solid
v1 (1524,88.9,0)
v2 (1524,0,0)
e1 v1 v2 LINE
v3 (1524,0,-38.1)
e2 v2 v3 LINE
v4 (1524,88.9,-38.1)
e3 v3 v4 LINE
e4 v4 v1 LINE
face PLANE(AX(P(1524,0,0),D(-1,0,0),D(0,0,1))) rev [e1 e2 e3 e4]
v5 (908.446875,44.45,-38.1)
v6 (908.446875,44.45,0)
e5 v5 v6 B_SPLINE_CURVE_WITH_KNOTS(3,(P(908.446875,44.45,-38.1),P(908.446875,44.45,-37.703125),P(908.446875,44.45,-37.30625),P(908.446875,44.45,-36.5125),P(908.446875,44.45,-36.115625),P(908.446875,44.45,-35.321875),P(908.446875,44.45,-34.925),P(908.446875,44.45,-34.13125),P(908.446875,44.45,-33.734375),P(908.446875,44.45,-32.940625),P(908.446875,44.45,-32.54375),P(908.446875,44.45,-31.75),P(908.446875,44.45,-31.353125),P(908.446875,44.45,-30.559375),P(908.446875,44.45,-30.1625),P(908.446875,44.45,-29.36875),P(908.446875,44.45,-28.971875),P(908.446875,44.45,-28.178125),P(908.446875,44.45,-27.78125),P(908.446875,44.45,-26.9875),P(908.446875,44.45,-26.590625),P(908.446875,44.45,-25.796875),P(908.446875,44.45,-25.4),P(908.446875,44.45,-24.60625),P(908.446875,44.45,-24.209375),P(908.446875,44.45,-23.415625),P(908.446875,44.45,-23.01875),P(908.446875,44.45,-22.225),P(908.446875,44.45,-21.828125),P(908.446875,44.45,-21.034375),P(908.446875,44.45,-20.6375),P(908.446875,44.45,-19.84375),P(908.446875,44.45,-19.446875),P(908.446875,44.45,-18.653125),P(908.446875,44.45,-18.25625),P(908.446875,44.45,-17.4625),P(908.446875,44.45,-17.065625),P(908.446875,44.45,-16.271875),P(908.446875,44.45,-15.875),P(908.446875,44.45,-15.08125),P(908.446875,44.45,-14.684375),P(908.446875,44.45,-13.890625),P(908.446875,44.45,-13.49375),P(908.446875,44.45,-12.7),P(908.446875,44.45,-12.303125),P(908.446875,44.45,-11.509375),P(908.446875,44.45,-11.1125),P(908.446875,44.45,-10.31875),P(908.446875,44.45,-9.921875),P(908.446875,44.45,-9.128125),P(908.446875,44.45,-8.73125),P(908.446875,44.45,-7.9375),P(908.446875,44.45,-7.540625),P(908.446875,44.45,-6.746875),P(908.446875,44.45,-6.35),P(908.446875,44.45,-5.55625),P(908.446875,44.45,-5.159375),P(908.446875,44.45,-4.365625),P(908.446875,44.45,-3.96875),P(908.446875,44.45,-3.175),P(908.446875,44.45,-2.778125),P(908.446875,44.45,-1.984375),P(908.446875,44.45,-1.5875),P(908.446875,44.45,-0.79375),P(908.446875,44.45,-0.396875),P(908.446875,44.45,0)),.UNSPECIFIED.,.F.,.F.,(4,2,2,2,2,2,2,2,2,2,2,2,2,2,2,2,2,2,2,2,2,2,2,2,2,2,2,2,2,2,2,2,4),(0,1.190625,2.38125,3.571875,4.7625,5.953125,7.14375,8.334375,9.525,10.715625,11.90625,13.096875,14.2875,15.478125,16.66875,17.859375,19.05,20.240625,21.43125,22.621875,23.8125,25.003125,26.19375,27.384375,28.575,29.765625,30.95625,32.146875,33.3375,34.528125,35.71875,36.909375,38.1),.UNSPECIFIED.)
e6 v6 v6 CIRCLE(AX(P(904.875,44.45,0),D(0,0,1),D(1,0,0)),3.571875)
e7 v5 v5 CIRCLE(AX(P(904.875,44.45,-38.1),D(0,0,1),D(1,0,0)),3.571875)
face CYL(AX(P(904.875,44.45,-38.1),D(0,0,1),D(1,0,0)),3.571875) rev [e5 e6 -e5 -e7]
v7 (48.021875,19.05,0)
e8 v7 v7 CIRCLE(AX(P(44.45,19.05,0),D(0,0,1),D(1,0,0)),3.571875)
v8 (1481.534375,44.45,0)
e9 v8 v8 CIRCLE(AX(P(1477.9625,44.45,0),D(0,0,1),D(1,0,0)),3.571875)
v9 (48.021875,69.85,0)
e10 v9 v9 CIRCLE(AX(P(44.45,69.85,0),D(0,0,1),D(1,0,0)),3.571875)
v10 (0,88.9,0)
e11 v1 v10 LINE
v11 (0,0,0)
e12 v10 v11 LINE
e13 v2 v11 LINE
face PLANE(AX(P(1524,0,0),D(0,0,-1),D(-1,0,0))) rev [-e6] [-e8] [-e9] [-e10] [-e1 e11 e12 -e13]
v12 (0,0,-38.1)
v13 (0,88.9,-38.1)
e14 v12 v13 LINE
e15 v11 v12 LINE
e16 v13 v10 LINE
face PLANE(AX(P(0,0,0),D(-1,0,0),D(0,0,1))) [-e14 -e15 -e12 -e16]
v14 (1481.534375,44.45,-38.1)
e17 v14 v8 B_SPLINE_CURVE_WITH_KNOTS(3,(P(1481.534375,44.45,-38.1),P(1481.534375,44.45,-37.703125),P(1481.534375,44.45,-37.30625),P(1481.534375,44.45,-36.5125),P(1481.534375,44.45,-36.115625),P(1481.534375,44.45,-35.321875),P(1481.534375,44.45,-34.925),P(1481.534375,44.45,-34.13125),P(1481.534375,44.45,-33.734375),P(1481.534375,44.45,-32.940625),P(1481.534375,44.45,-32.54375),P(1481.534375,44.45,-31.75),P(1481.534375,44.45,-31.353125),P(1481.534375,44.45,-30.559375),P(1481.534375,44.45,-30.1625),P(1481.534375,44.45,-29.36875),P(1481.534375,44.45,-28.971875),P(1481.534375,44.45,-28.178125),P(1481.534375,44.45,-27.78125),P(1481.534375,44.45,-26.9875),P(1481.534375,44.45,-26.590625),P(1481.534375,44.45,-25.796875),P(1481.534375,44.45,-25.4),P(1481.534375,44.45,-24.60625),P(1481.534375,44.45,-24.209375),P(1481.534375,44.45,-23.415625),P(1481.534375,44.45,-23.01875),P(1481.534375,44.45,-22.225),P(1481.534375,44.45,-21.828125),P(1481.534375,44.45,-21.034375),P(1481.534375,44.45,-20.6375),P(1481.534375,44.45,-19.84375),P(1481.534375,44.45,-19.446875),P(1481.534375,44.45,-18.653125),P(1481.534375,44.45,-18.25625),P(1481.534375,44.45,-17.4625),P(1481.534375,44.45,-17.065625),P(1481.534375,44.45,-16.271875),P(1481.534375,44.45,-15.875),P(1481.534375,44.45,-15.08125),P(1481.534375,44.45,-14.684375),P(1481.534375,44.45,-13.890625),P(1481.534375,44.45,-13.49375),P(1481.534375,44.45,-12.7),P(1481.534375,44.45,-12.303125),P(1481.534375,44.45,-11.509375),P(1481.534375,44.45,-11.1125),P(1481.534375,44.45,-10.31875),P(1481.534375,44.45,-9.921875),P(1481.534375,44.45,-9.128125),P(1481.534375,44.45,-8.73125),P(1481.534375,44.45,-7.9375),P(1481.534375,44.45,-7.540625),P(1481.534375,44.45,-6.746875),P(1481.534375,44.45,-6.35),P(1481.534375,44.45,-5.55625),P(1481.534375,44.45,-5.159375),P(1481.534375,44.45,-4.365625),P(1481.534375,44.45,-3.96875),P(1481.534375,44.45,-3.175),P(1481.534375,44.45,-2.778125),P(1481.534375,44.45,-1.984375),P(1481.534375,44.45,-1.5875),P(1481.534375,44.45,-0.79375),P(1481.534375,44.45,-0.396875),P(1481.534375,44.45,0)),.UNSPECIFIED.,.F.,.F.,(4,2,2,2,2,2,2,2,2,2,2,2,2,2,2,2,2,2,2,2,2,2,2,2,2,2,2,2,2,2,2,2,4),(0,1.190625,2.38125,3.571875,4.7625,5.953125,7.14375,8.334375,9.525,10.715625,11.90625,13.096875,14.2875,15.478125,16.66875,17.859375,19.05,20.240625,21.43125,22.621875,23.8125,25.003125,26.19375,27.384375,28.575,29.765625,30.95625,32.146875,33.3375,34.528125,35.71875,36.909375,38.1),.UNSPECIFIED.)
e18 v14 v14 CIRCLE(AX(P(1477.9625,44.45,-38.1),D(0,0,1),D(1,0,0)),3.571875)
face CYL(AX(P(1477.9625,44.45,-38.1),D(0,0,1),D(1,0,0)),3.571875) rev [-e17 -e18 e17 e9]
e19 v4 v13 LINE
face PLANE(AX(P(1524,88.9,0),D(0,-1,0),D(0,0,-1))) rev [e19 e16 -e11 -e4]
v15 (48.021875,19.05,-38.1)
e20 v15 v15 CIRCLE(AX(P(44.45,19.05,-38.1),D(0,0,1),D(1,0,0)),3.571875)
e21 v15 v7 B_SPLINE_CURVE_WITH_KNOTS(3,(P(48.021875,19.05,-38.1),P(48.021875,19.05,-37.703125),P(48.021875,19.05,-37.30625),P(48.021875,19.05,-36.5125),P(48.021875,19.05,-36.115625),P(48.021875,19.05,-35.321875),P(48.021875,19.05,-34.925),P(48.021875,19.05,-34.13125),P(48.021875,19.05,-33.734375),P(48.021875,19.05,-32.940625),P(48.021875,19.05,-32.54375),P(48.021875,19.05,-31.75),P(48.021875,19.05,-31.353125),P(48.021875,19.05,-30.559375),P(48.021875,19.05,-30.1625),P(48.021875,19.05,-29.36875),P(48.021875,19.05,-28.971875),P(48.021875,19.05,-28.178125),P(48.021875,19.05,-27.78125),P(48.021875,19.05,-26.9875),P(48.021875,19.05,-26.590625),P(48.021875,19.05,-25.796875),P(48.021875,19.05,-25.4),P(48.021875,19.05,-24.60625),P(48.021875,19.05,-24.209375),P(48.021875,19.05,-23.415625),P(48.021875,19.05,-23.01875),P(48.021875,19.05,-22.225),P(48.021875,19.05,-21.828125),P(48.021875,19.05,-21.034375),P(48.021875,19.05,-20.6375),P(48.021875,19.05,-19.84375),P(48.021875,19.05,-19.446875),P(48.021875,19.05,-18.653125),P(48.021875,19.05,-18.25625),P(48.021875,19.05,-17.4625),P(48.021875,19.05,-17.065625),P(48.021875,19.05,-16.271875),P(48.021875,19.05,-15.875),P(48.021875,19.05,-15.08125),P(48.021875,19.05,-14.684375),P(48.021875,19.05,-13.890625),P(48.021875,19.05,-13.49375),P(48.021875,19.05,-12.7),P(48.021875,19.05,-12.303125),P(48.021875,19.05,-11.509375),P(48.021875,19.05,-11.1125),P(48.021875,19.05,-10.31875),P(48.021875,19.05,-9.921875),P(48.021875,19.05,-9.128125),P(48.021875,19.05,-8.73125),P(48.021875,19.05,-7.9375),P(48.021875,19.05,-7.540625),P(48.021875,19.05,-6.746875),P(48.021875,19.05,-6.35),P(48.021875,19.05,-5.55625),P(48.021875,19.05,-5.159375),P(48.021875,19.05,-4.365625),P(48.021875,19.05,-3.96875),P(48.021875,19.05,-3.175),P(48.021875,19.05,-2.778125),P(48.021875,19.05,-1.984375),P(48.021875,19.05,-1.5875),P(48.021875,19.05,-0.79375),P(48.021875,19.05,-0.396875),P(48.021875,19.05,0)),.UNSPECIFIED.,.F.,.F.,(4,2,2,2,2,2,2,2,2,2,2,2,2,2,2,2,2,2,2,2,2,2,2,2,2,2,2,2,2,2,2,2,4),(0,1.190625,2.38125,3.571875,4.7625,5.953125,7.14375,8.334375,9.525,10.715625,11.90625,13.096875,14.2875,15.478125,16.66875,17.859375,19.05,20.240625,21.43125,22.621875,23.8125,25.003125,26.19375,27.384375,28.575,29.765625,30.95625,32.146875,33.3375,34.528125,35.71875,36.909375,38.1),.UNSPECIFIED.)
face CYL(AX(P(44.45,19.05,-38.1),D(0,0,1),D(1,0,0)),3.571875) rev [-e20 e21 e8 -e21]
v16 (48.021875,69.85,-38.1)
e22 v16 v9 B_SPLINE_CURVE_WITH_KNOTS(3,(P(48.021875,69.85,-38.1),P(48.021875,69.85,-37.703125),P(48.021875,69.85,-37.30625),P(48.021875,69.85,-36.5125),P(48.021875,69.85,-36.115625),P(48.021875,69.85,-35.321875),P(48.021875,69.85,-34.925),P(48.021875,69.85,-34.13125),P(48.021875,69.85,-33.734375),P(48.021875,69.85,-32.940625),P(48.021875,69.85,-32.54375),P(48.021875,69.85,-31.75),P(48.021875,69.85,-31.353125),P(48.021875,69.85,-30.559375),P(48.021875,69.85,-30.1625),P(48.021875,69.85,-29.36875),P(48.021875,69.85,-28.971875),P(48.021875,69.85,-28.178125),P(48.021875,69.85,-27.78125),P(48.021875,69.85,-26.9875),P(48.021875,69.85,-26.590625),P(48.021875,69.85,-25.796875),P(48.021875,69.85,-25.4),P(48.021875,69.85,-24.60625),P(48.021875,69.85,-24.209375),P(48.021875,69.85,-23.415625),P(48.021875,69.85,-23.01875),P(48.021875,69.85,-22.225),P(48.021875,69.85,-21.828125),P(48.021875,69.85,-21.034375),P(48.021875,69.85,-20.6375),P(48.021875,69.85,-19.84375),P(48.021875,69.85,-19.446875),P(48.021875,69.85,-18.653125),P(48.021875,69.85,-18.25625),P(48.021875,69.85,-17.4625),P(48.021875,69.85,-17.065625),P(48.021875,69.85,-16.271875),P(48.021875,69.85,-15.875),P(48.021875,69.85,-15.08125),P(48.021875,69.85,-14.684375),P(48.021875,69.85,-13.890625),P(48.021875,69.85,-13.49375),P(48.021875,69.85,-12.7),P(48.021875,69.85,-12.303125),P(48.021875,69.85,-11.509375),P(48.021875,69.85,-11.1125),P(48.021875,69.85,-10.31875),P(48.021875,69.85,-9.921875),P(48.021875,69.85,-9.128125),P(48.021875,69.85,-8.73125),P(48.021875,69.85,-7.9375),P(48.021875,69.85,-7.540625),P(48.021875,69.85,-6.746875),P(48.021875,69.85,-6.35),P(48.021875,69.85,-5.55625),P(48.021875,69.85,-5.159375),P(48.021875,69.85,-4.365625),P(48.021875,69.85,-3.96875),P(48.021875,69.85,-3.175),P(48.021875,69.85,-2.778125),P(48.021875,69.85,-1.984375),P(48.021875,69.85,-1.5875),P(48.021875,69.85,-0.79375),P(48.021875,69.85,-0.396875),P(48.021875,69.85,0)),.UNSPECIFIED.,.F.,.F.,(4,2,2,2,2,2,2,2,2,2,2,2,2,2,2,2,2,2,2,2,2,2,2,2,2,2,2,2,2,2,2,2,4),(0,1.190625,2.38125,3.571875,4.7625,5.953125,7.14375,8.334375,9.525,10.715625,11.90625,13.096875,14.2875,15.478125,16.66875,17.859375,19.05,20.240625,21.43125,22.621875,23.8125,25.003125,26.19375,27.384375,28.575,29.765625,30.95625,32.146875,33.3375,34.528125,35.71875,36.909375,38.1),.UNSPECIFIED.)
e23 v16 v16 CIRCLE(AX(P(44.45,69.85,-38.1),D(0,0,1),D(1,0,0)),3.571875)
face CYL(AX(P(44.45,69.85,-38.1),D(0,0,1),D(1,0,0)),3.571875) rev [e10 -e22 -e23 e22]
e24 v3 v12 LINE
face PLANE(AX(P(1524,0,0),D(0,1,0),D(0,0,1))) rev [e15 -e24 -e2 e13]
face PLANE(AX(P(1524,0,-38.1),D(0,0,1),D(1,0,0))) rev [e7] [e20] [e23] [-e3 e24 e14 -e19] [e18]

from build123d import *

# Parameters (mm, degrees)
SKETCH1_W           = 38.1
SKETCH1_H           = 88.9
BOSS_EXTRUDE1_DEPTH = 1524
SKETCH2_R           = 3.571875
CUT_EXTRUDE1_DEPTH  = 1528.066082395


with BuildPart() as part:
    # Sketch1 → Boss-Extrude1 (new body)
    with BuildSketch(Plane(origin=(0, 0, 0), x_dir=(0, 0, -1), z_dir=(1, 0, 0))):
        with Locations((19.05, 44.45)):
            Rectangle(SKETCH1_W, SKETCH1_H)
    extrude(amount=BOSS_EXTRUDE1_DEPTH)

    # Sketch2 → Cut-Extrude1 (cut, through all)
    with BuildSketch(Plane.XY):
        with Locations((44.45, 19.05)):
            Circle(SKETCH2_R)
        with Locations((1477.9625, 44.45)):
            Circle(SKETCH2_R)
        with Locations((44.45, 69.85)):
            Circle(SKETCH2_R)
        with Locations((904.875, 44.45)):
            Circle(SKETCH2_R)
    extrude(amount=-CUT_EXTRUDE1_DEPTH, mode=Mode.SUBTRACT)


solid = part.part
